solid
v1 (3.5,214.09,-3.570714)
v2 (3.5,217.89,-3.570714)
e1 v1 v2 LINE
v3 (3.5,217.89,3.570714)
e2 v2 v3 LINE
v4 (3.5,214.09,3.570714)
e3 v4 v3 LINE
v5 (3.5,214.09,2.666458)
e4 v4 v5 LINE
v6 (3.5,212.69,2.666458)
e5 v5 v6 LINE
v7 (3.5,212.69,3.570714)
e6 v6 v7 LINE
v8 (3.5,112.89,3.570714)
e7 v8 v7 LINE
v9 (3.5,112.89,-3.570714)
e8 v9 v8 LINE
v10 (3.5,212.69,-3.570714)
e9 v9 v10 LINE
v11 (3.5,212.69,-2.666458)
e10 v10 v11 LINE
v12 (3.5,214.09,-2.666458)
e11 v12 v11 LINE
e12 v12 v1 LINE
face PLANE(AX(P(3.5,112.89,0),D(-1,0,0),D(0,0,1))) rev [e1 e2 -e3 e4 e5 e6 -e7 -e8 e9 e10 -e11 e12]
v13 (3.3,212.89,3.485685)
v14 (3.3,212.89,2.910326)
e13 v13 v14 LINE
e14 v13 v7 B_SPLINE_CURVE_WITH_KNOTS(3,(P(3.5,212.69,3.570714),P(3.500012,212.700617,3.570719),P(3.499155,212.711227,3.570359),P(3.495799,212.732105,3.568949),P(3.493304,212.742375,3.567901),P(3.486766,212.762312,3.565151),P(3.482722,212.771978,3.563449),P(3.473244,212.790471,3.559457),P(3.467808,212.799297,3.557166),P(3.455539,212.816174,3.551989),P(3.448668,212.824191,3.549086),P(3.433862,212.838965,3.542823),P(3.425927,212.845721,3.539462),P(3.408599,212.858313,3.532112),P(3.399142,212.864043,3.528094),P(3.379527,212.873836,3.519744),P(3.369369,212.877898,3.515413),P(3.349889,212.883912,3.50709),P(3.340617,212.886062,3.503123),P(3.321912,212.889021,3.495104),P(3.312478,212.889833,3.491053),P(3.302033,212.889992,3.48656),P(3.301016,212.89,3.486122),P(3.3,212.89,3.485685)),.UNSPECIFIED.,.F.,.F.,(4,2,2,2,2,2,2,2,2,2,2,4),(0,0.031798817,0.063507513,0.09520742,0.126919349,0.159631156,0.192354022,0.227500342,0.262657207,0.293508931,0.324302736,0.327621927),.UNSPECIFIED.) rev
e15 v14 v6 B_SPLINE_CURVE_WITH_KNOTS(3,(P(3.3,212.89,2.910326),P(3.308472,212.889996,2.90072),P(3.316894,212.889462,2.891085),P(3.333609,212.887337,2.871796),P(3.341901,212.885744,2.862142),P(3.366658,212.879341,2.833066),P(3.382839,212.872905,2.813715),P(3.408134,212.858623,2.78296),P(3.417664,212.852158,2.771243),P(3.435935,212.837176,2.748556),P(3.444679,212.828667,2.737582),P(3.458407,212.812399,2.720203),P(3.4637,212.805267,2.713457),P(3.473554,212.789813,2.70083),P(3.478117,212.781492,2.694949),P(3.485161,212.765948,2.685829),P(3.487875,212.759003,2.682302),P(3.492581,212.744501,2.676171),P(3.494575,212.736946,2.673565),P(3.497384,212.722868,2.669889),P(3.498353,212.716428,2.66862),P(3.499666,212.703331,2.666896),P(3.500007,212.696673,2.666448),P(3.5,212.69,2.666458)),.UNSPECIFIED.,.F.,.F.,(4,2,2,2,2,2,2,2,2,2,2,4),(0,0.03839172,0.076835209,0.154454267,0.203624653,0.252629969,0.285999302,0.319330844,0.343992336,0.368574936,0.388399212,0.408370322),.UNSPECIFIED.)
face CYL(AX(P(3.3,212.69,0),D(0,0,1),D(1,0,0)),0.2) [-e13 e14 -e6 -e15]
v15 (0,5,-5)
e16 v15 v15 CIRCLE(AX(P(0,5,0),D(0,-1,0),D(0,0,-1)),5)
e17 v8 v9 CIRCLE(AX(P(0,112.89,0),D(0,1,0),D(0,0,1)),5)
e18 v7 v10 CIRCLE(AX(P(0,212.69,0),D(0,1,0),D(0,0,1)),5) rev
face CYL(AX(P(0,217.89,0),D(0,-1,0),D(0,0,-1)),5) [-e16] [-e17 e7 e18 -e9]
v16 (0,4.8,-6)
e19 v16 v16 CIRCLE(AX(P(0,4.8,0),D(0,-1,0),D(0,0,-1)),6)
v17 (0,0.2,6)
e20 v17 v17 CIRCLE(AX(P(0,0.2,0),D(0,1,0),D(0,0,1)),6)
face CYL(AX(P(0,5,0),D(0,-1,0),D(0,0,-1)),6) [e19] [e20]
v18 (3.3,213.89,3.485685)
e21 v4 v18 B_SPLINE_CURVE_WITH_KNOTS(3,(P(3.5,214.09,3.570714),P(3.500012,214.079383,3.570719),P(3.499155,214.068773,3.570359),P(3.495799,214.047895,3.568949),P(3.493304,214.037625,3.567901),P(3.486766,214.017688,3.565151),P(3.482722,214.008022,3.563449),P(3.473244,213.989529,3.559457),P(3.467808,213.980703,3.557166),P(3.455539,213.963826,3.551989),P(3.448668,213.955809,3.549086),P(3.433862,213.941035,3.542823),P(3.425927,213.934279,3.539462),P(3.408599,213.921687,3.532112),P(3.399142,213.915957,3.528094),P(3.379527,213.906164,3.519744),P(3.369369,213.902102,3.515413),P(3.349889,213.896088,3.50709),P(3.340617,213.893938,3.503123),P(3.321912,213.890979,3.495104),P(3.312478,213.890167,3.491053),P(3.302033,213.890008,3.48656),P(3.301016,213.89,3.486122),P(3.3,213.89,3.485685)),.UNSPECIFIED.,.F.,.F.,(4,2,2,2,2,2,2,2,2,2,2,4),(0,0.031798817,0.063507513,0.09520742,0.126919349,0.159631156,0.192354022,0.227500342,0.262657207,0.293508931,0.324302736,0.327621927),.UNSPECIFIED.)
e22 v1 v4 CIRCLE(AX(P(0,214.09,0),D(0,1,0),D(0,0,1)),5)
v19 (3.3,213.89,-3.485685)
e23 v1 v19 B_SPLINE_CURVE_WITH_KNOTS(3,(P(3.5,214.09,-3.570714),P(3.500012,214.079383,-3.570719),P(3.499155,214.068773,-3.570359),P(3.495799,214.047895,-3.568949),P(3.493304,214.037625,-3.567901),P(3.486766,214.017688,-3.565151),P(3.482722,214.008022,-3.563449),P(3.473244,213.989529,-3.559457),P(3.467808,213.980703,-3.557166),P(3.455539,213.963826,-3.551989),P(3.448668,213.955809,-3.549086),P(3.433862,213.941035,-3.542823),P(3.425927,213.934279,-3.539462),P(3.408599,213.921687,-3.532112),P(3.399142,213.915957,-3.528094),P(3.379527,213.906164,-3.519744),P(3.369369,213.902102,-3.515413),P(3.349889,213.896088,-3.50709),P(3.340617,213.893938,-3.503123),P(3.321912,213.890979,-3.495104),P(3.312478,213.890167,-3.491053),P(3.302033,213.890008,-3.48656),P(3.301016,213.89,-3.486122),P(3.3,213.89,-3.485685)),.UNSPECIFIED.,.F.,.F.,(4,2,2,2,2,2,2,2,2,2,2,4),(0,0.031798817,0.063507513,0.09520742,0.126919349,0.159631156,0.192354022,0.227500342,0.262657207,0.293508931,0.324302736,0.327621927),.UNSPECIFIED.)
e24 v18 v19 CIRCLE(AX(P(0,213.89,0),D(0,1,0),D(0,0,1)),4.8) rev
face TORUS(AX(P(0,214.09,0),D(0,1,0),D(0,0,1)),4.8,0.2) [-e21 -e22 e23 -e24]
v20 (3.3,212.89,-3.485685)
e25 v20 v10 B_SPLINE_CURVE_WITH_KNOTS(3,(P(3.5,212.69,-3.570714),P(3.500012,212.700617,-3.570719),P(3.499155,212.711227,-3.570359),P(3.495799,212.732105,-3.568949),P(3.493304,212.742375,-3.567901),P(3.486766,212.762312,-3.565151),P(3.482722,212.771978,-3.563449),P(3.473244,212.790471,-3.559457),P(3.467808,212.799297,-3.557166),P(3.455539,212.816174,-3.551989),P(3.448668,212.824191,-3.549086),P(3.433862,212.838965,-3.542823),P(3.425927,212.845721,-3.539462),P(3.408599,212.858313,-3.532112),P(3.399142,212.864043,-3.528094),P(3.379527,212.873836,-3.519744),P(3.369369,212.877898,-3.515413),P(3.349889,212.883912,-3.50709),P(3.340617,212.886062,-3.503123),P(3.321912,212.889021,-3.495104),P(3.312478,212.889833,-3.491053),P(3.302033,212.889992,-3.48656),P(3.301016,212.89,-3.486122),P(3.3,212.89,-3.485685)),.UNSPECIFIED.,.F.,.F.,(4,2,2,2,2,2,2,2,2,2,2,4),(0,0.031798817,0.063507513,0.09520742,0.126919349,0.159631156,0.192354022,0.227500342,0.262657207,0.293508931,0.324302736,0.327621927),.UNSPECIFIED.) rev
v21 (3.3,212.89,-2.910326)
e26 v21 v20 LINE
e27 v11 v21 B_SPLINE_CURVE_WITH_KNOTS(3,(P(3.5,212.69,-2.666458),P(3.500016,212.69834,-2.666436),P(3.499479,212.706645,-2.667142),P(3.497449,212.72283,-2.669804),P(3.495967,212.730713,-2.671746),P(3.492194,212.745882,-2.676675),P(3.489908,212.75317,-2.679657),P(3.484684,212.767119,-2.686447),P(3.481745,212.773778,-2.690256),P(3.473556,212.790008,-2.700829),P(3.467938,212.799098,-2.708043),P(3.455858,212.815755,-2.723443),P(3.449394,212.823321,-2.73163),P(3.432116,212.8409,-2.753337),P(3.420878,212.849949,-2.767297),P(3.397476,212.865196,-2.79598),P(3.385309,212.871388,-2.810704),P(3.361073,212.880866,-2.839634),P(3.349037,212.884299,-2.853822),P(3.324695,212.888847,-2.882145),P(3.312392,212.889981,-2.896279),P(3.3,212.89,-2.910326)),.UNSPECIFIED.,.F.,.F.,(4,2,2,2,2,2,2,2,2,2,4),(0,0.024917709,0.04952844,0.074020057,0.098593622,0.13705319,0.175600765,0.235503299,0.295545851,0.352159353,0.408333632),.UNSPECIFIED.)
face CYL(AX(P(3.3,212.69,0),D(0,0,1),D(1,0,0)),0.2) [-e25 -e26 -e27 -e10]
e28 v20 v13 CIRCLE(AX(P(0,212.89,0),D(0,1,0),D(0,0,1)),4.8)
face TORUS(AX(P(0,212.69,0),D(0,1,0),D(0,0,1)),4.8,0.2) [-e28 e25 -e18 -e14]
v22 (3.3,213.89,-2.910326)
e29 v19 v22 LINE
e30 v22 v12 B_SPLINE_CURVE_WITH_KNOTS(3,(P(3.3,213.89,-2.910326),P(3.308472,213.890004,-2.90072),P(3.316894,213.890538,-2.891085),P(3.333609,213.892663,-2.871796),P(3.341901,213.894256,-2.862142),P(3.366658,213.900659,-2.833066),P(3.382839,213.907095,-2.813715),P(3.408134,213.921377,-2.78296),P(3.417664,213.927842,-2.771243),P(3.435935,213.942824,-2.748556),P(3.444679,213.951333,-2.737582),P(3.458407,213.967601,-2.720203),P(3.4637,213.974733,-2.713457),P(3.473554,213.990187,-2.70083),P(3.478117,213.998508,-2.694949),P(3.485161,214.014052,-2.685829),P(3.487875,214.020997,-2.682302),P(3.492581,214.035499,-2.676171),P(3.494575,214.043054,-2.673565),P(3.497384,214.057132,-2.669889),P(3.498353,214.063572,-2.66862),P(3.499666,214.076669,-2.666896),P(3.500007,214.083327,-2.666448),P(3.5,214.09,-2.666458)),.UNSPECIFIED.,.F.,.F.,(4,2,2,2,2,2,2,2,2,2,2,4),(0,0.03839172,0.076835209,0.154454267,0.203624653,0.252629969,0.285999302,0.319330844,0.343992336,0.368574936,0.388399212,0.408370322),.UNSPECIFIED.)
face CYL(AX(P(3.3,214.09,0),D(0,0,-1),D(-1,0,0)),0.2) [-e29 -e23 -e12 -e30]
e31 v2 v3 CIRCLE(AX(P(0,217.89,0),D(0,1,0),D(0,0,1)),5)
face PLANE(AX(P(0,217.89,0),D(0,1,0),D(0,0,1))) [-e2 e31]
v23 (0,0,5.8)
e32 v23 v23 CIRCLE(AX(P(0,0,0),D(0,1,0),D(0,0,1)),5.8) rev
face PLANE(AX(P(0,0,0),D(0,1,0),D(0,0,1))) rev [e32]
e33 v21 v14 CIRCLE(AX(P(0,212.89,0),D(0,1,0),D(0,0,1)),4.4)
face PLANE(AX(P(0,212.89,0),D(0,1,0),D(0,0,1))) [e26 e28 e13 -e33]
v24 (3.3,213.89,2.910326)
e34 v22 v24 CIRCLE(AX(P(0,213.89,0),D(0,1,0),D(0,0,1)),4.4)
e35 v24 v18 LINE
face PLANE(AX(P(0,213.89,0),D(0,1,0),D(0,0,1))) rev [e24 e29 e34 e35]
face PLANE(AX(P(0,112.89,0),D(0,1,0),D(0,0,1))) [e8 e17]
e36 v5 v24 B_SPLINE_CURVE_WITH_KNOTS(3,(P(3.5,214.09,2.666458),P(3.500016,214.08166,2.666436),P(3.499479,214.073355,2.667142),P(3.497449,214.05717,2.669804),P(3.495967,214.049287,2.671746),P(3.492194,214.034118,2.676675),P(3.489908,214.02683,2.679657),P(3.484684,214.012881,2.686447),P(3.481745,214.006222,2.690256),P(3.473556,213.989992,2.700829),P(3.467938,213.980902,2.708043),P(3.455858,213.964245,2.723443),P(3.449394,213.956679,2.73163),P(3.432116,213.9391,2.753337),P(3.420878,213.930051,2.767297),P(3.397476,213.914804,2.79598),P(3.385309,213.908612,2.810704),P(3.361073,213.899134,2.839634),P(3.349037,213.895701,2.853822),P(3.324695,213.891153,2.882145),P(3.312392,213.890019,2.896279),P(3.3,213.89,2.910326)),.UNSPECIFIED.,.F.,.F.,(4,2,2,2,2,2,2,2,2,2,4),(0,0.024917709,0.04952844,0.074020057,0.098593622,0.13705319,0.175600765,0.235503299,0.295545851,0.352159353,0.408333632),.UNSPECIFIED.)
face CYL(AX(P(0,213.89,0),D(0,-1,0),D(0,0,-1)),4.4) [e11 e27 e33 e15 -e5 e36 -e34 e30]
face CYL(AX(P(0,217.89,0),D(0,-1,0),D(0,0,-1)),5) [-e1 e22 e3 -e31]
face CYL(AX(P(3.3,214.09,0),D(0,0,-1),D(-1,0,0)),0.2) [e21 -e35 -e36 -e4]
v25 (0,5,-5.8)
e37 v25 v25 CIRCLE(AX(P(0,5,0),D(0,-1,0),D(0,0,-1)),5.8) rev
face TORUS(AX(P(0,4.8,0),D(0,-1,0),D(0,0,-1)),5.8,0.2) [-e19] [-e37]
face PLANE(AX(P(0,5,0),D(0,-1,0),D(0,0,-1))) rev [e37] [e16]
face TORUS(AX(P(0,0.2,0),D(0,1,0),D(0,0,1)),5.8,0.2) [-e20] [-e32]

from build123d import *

# Parameters (mm, degrees)
SKETCH1_R           = 5
BOSS_EXTRUDE1_DEPTH = 217.89
CUT_EXTRUDE2_DEPTH  = 105
CUT_EXTRUDE3_START  = -5
CUT_EXTRUDE3_DEPTH  = 1
FILLET1_R           = 0.2
SKETCH5_R           = 6
SKETCH5_R_2         = 5
BOSS_EXTRUDE2_DEPTH = 5
FILLET2_R           = 0.2


with BuildPart() as part:
    # Sketch1 → Boss-Extrude1 (new body)
    with BuildSketch(Plane(origin=(0, 0, 0), x_dir=(1, 0, 0), z_dir=(0, 1, 0))):
        Circle(SKETCH1_R)
    extrude(amount=BOSS_EXTRUDE1_DEPTH)

    # Sketch3 → Cut-Extrude2 (cut)
    with BuildSketch(Plane(origin=(0, 217.89, 0), x_dir=(1, 0, 0), z_dir=(0, 1, 0))):
        Polygon((3.5, 37.712556906), (3.5, 3.570714214), (3.5, -3.570714214), (3.5, -37.712556906), (71.783685384, -37.712556906), (71.783685384, 37.712556906), align=None)
    extrude(amount=-CUT_EXTRUDE2_DEPTH, mode=Mode.SUBTRACT)

    # Sketch4 → Cut-Extrude3 (cut)
    with BuildSketch(Plane(origin=(0, 217.89, 0), x_dir=(1, 0, 0), z_dir=(0, 1, 0)).offset(CUT_EXTRUDE3_START)):
        with BuildLine():
            Line((3.5, 2.666458325), (3.5, 3.570714214))
            ThreePointArc((3.5, 3.570714214), (-5, 0), (3.5, -3.570714214))
            Line((3.5, -3.570714214), (3.5, -2.666458325))
            ThreePointArc((3.5, -2.666458325), (-4.4, 0), (3.5, 2.666458325))
        make_face()
    extrude(amount=CUT_EXTRUDE3_DEPTH, mode=Mode.SUBTRACT)

    # Fillet1
    fillet1_edges = [part.edges().sort_by_distance(p)[0] for p in [
        (3.5, 212.89, -3.11858627),
        (-5, 212.89, 0),
        (3.5, 212.89, 3.11858627),
        (3.5, 213.89, -3.11858627),
        (-5, 213.89, 0),
        (3.5, 213.89, 3.11858627),
    ]]
    fillet(fillet1_edges, radius=FILLET1_R)

    # Sketch5 → Boss-Extrude2 (add)
    with BuildSketch(Plane.XZ):
        Circle(SKETCH5_R)
        Circle(SKETCH5_R_2, mode=Mode.SUBTRACT)
    extrude(amount=-BOSS_EXTRUDE2_DEPTH)

    # Fillet2
    fillet2_edges = [part.edges().sort_by_distance(p)[0] for p in [
        (-6, 5, 0),
        (-6, 0, 0),
    ]]
    fillet(fillet2_edges, radius=FILLET2_R)


solid = part.part
